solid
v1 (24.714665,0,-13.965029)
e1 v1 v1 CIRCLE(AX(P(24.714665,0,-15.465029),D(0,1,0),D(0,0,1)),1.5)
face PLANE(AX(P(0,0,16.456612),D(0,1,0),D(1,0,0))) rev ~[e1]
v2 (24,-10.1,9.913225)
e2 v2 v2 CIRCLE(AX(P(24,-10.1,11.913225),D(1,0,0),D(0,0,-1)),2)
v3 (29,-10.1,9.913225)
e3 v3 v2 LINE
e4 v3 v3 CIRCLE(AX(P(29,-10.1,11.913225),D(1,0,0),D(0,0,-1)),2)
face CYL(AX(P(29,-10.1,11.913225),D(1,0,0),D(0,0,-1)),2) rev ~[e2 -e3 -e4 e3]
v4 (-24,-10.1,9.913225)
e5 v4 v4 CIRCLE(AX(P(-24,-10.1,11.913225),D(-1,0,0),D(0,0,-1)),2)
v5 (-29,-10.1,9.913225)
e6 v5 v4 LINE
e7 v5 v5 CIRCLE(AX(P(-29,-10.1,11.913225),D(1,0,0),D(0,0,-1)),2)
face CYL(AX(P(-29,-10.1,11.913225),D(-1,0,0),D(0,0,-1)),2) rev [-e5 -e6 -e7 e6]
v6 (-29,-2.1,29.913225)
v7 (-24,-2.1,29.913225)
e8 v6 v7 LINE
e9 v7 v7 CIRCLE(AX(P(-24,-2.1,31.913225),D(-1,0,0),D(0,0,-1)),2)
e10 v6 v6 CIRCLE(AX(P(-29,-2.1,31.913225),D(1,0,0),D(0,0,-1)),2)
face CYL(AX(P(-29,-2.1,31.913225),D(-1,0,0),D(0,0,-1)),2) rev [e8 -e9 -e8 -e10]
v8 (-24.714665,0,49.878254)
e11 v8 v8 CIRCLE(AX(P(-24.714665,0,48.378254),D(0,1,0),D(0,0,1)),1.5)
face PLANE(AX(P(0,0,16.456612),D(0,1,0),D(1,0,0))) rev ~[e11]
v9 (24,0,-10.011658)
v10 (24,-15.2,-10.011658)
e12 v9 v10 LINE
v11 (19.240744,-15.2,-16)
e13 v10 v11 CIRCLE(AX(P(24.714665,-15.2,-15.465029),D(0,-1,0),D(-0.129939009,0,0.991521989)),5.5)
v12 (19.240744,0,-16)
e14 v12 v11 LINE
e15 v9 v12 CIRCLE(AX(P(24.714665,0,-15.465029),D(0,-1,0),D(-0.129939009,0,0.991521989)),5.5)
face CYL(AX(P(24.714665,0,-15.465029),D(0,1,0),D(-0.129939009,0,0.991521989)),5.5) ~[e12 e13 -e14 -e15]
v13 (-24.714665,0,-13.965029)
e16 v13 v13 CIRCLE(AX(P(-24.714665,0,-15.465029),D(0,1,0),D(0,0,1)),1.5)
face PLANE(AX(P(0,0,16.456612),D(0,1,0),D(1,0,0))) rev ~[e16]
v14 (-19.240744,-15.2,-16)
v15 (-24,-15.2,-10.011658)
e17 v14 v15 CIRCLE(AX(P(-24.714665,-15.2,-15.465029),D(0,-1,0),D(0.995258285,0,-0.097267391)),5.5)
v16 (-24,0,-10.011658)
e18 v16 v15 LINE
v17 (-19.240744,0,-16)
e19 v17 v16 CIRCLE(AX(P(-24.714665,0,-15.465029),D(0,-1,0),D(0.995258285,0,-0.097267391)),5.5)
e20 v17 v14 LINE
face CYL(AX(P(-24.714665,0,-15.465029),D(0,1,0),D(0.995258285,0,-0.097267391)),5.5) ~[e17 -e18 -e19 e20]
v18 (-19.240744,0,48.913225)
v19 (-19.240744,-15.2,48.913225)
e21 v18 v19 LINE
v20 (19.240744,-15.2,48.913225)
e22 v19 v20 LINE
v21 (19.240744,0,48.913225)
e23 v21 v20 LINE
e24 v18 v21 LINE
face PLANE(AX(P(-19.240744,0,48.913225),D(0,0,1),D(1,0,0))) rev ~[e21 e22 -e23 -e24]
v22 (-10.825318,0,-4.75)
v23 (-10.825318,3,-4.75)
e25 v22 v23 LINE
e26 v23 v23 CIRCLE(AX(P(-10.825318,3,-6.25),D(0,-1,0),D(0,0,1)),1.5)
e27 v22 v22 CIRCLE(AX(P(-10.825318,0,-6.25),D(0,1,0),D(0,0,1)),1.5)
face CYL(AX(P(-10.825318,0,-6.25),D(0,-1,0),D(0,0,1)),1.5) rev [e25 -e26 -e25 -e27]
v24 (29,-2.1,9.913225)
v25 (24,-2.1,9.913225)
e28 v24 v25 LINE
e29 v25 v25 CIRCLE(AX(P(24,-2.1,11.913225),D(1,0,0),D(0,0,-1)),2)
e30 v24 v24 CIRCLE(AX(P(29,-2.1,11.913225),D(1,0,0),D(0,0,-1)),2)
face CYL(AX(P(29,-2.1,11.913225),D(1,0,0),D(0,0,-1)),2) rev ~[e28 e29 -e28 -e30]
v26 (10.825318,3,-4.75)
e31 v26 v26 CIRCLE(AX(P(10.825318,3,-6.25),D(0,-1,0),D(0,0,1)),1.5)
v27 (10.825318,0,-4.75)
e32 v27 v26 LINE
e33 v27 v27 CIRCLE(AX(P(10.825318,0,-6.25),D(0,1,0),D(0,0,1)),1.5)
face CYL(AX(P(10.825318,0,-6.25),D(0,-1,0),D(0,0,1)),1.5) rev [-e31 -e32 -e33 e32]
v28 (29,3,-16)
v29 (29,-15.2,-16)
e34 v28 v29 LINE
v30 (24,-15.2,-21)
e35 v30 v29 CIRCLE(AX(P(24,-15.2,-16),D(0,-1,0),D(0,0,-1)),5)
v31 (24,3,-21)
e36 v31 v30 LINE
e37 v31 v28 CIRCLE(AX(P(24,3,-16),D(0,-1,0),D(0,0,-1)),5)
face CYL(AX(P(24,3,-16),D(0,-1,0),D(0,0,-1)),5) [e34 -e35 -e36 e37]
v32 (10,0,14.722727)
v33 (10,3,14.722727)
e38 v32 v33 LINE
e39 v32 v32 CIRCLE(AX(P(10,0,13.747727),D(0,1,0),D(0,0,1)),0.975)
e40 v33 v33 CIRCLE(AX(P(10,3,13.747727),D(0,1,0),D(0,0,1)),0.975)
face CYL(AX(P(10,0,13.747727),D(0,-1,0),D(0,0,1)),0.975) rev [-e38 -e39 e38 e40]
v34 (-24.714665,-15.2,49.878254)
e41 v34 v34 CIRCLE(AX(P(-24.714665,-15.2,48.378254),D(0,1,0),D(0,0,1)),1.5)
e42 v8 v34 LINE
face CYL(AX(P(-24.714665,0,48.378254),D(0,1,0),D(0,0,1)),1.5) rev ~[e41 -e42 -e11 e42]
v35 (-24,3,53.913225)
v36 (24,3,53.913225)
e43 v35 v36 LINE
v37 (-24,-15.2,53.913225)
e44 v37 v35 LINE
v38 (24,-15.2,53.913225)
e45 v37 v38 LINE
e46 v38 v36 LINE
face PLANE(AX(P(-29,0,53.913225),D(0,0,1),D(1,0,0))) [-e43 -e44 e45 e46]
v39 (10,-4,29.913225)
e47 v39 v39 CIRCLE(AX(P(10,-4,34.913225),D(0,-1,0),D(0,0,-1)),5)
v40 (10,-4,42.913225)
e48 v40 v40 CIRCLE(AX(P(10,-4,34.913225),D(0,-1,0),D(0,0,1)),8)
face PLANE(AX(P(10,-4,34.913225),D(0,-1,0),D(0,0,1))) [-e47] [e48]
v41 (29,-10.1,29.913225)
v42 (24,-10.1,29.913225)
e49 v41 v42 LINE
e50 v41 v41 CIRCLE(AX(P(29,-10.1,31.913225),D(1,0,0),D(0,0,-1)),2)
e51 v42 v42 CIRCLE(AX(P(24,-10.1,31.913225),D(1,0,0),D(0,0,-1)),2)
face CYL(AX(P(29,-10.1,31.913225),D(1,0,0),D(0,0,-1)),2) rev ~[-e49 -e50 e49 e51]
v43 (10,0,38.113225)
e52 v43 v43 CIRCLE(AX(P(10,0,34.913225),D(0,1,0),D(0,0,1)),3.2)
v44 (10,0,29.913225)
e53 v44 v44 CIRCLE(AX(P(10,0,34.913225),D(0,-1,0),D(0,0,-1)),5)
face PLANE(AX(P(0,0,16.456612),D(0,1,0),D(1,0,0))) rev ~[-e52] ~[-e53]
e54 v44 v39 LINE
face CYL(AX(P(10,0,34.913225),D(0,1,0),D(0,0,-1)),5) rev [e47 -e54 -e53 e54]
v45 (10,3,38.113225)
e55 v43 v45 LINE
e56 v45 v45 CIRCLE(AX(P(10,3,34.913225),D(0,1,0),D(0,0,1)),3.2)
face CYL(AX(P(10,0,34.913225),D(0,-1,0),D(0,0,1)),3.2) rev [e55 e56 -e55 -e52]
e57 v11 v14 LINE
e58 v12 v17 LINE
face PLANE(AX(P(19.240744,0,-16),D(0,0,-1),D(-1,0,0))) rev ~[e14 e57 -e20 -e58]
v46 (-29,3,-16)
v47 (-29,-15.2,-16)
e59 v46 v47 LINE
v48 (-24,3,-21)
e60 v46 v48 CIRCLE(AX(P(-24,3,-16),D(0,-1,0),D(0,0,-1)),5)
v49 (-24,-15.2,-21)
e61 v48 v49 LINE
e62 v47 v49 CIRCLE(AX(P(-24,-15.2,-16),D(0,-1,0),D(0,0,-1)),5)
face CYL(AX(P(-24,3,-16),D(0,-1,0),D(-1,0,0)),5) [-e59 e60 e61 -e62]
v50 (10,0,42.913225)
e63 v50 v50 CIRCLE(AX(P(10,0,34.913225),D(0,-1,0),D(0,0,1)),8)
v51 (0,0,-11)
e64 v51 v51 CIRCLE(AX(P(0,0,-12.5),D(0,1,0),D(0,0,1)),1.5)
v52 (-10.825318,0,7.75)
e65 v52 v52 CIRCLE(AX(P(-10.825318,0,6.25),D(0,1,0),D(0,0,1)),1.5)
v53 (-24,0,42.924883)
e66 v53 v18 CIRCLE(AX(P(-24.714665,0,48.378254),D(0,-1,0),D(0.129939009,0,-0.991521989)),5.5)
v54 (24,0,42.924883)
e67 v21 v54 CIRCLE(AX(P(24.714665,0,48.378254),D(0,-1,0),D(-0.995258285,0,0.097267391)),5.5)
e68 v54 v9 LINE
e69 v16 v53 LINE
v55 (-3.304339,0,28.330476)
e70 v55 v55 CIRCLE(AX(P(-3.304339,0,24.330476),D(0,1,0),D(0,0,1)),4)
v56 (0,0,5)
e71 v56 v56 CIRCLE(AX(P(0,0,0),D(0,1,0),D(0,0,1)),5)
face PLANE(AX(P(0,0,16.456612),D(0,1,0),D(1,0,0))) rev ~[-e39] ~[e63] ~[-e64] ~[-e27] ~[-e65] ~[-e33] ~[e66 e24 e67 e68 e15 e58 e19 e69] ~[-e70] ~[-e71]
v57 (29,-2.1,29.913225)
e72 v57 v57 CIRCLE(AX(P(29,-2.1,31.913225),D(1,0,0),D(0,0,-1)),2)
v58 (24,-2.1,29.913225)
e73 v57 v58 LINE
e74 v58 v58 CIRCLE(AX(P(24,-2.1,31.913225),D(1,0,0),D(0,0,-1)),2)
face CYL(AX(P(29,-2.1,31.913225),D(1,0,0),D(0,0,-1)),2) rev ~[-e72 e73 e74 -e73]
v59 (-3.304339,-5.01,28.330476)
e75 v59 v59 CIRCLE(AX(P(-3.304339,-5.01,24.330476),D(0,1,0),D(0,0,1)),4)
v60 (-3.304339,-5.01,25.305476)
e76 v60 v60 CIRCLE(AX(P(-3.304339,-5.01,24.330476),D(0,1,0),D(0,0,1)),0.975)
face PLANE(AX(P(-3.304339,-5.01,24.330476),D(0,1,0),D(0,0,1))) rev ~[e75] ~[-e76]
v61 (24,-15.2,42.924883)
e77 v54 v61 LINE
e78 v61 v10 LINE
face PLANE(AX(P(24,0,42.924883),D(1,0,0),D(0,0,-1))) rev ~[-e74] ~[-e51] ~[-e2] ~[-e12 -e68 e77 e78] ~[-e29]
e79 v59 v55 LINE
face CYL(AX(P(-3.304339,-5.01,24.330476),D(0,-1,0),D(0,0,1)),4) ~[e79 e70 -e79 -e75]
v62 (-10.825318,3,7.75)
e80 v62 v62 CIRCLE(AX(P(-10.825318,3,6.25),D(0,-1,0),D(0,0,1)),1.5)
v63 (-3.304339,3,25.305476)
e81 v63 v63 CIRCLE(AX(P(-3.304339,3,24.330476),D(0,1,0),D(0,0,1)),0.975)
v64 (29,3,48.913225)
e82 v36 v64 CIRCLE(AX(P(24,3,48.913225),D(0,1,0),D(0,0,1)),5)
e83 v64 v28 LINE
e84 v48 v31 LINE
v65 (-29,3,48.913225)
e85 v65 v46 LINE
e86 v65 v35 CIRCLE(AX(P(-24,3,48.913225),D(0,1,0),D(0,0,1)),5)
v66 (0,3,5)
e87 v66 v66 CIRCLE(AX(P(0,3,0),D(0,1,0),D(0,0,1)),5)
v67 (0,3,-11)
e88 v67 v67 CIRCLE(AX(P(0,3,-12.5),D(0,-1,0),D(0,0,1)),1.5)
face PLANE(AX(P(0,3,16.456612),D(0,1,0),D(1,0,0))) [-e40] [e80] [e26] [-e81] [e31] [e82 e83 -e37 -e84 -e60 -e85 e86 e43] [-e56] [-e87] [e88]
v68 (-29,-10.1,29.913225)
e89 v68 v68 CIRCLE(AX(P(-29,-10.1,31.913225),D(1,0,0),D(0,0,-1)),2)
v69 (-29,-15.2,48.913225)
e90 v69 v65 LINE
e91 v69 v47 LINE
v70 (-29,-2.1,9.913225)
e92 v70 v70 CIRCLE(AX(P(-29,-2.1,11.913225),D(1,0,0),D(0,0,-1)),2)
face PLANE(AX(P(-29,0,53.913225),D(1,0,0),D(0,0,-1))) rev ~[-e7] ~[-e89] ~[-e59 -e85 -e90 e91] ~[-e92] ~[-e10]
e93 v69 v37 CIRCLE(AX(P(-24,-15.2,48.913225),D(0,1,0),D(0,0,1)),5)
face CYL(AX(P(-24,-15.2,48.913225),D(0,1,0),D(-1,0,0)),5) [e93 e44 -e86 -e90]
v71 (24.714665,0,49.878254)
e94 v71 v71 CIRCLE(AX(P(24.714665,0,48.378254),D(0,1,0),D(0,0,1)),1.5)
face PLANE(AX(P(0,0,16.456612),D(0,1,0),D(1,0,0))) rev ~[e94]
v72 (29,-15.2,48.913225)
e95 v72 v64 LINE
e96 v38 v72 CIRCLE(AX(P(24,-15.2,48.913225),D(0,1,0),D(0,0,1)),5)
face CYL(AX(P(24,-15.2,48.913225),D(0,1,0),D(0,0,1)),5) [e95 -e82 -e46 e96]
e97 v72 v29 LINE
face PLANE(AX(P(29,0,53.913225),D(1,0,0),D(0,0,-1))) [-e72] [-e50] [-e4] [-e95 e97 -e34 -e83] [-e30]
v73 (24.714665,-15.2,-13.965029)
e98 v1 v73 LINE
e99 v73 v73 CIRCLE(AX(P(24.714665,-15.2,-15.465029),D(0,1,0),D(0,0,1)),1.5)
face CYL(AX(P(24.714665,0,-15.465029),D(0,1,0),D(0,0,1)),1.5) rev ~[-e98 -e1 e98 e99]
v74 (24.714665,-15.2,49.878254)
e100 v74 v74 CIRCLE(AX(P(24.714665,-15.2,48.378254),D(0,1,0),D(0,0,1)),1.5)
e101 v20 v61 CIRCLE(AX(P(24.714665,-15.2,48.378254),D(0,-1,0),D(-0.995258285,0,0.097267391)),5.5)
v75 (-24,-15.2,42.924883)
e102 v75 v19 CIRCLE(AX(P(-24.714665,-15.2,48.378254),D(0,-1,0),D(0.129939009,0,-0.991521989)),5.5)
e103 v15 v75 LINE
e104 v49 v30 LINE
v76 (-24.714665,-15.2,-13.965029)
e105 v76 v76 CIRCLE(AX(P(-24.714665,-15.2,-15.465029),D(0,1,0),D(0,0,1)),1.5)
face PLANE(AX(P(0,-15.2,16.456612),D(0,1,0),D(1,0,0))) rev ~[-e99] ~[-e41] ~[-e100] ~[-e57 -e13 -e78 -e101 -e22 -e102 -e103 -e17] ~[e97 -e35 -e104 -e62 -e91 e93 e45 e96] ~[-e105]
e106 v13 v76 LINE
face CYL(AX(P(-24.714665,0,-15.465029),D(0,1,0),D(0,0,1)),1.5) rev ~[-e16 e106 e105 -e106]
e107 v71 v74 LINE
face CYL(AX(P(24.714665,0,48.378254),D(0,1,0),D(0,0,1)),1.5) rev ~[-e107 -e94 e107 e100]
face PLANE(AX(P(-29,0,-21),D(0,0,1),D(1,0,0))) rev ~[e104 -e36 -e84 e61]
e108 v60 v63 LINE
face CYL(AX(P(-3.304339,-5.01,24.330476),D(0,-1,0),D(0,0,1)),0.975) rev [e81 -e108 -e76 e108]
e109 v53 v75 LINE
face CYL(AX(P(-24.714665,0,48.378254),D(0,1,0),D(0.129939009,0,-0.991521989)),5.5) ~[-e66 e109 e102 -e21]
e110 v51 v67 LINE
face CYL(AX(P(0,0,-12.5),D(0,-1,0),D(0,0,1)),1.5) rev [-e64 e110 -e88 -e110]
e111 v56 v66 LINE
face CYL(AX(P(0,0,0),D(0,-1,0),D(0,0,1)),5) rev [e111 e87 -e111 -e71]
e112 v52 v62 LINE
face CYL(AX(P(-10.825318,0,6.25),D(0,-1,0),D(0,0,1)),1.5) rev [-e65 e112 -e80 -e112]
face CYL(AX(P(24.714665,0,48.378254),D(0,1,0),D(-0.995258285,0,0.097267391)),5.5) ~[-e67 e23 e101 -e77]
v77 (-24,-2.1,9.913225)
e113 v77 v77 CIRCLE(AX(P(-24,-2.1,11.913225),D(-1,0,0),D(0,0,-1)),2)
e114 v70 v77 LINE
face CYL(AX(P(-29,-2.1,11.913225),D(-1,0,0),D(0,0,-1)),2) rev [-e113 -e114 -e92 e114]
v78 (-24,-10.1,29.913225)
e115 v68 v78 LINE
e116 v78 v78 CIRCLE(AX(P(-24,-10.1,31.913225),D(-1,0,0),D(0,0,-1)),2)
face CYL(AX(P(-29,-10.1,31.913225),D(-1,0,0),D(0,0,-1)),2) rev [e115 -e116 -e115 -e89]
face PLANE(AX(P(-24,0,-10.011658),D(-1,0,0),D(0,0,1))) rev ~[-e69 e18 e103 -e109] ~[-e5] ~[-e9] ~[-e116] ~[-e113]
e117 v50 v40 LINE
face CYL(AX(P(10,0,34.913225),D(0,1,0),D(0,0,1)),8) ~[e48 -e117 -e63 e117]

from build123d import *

# Parameters (mm, degrees)
SKETCH1_W           = 58
SKETCH1_H           = 74.913224731
SKETCH1_R           = 0.975
SKETCH1_R_2         = 3.2
SKETCH1_R_3         = 5
BOSS_EXTRUDE1_DEPTH = 3
SKETCH6_W           = 58
SKETCH6_H           = 74.913224731
SKETCH6_R           = 1.5
BOSS_EXTRUDE5_DEPTH = 15.2
SKETCH7_R           = 8
SKETCH7_R_2         = 5
BOSS_EXTRUDE6_DEPTH = 4
SKETCH2_R           = 1.5
CUT_EXTRUDE7_DEPTH  = 7
SKETCH5_R           = 2
CUT_EXTRUDE8_DEPTH  = 7
FILLET1_R           = 5
BOSS_EXTRUDE7_START = -5.01
SKETCH8_R           = 4
SKETCH8_R_2         = 0.975
BOSS_EXTRUDE7_DEPTH = 5.01


with BuildPart() as part:
    # Sketch1 → Boss-Extrude1 (new body)
    with BuildSketch(Plane(origin=(0, 0, 0), x_dir=(1, 0, 0), z_dir=(0, 1, 0))):
        with Locations((0, -16.456612366)):
            Rectangle(SKETCH1_W, SKETCH1_H)
        with Locations((-3.304338666, -24.330475908)):
            Circle(SKETCH1_R, mode=Mode.SUBTRACT)
        with Locations((10, -34.913224731)):
            Circle(SKETCH1_R_2, mode=Mode.SUBTRACT)
        with Locations((10, -13.747727085)):
            Circle(SKETCH1_R, mode=Mode.SUBTRACT)
        Circle(SKETCH1_R_3, mode=Mode.SUBTRACT)
    extrude(amount=BOSS_EXTRUDE1_DEPTH)

    # Sketch6 → Boss-Extrude5 (add)
    with BuildSketch(Plane(origin=(0, 0, 0), x_dir=(1, 0, 0), z_dir=(0, 1, 0))):
        with Locations((0, -16.456612366)):
            Rectangle(SKETCH6_W, SKETCH6_H)
        with Locations((24.71466455, 15.465029351)):
            Circle(SKETCH6_R, mode=Mode.SUBTRACT)
        with Locations((24.71466455, -48.378254082)):
            Circle(SKETCH6_R, mode=Mode.SUBTRACT)
        with Locations((-24.71466455, 15.465029351)):
            Circle(SKETCH6_R, mode=Mode.SUBTRACT)
        with Locations((-24.71466455, -48.378254082)):
            Circle(SKETCH6_R, mode=Mode.SUBTRACT)
        with BuildLine():
            Line((-19.24074398, -48.913224731), (19.24074398, -48.913224731))
            ThreePointArc((19.24074398, -48.913224731), (20.408888756, -44.956223279), (24, -42.924883145))
            Line((24, -42.924883145), (24, 10.011658414))
            ThreePointArc((24, 10.011658414), (20.408888756, 12.042998549), (19.24074398, 16))
            Line((19.24074398, 16), (-19.24074398, 16))
            ThreePointArc((-19.24074398, 16), (-20.408888756, 12.042998549), (-24, 10.011658414))
            Line((-24, 10.011658414), (-24, -42.924883145))
            ThreePointArc((-24, -42.924883145), (-20.408888756, -44.956223279), (-19.24074398, -48.913224731))
        make_face(mode=Mode.SUBTRACT)
    extrude(amount=-BOSS_EXTRUDE5_DEPTH)

    # Sketch7 → Boss-Extrude6 (add)
    with BuildSketch(Plane.XZ):
        with Locations((10, 34.913224731)):
            Circle(SKETCH7_R)
        with Locations((10, 34.913224731)):
            Circle(SKETCH7_R_2, mode=Mode.SUBTRACT)
    extrude(amount=BOSS_EXTRUDE6_DEPTH)

    # Sketch2 → Cut-Extrude7 (cut)
    with BuildSketch(Plane(origin=(0, 0, 0), x_dir=(1, 0, 0), z_dir=(0, 1, 0))):
        with Locations((-10.825317547, -6.25)):
            Circle(SKETCH2_R)
        with Locations((-10.825317547, 6.25)):
            Circle(SKETCH2_R)
        with Locations((0, 12.5)):
            Circle(SKETCH2_R)
        with Locations((10.825317547, 6.25)):
            Circle(SKETCH2_R)
    extrude(amount=CUT_EXTRUDE7_DEPTH, mode=Mode.SUBTRACT)

    # Sketch5 → Cut-Extrude8 (cut)
    with BuildSketch(Plane(origin=(29, 0, 0), x_dir=(0, 0, -1), z_dir=(1, 0, 0))):
        with Locations((-31.913224731, -2.1)):
            Circle(SKETCH5_R)
        with Locations((-31.913224731, -10.1)):
            Circle(SKETCH5_R)
        with Locations((-11.913224731, -10.1)):
            Circle(SKETCH5_R)
        with Locations((-11.913224731, -2.1)):
            Circle(SKETCH5_R)
    cut_extrude8 = extrude(amount=-CUT_EXTRUDE8_DEPTH, mode=Mode.SUBTRACT)

    # Mirror1: Cut-Extrude8 across plane
    add(cut_extrude8.mirror(Plane(origin=(0, 0, 0), x_dir=(0, 0, 1), z_dir=(1, 0, 0))), mode=Mode.SUBTRACT)

    # Fillet1
    fillet1_edges = [part.edges().sort_by_distance(p)[0] for p in [
        (29, -6.1, -21),
        (29, -6.1, 53.913224731),
        (-29, -6.1, 53.913224731),
        (-29, -6.1, -21),
    ]]
    fillet(fillet1_edges, radius=FILLET1_R)

    # Sketch8 → Boss-Extrude7 (add)
    with BuildSketch(Plane(origin=(0, 0, 0), x_dir=(1, 0, 0), z_dir=(0, 1, 0)).offset(BOSS_EXTRUDE7_START)):
        with Locations((-3.304338666, -24.330475908)):
            Circle(SKETCH8_R)
        with Locations((-3.304338666, -24.330475908)):
            Circle(SKETCH8_R_2, mode=Mode.SUBTRACT)
    extrude(amount=BOSS_EXTRUDE7_DEPTH)


solid = part.part
